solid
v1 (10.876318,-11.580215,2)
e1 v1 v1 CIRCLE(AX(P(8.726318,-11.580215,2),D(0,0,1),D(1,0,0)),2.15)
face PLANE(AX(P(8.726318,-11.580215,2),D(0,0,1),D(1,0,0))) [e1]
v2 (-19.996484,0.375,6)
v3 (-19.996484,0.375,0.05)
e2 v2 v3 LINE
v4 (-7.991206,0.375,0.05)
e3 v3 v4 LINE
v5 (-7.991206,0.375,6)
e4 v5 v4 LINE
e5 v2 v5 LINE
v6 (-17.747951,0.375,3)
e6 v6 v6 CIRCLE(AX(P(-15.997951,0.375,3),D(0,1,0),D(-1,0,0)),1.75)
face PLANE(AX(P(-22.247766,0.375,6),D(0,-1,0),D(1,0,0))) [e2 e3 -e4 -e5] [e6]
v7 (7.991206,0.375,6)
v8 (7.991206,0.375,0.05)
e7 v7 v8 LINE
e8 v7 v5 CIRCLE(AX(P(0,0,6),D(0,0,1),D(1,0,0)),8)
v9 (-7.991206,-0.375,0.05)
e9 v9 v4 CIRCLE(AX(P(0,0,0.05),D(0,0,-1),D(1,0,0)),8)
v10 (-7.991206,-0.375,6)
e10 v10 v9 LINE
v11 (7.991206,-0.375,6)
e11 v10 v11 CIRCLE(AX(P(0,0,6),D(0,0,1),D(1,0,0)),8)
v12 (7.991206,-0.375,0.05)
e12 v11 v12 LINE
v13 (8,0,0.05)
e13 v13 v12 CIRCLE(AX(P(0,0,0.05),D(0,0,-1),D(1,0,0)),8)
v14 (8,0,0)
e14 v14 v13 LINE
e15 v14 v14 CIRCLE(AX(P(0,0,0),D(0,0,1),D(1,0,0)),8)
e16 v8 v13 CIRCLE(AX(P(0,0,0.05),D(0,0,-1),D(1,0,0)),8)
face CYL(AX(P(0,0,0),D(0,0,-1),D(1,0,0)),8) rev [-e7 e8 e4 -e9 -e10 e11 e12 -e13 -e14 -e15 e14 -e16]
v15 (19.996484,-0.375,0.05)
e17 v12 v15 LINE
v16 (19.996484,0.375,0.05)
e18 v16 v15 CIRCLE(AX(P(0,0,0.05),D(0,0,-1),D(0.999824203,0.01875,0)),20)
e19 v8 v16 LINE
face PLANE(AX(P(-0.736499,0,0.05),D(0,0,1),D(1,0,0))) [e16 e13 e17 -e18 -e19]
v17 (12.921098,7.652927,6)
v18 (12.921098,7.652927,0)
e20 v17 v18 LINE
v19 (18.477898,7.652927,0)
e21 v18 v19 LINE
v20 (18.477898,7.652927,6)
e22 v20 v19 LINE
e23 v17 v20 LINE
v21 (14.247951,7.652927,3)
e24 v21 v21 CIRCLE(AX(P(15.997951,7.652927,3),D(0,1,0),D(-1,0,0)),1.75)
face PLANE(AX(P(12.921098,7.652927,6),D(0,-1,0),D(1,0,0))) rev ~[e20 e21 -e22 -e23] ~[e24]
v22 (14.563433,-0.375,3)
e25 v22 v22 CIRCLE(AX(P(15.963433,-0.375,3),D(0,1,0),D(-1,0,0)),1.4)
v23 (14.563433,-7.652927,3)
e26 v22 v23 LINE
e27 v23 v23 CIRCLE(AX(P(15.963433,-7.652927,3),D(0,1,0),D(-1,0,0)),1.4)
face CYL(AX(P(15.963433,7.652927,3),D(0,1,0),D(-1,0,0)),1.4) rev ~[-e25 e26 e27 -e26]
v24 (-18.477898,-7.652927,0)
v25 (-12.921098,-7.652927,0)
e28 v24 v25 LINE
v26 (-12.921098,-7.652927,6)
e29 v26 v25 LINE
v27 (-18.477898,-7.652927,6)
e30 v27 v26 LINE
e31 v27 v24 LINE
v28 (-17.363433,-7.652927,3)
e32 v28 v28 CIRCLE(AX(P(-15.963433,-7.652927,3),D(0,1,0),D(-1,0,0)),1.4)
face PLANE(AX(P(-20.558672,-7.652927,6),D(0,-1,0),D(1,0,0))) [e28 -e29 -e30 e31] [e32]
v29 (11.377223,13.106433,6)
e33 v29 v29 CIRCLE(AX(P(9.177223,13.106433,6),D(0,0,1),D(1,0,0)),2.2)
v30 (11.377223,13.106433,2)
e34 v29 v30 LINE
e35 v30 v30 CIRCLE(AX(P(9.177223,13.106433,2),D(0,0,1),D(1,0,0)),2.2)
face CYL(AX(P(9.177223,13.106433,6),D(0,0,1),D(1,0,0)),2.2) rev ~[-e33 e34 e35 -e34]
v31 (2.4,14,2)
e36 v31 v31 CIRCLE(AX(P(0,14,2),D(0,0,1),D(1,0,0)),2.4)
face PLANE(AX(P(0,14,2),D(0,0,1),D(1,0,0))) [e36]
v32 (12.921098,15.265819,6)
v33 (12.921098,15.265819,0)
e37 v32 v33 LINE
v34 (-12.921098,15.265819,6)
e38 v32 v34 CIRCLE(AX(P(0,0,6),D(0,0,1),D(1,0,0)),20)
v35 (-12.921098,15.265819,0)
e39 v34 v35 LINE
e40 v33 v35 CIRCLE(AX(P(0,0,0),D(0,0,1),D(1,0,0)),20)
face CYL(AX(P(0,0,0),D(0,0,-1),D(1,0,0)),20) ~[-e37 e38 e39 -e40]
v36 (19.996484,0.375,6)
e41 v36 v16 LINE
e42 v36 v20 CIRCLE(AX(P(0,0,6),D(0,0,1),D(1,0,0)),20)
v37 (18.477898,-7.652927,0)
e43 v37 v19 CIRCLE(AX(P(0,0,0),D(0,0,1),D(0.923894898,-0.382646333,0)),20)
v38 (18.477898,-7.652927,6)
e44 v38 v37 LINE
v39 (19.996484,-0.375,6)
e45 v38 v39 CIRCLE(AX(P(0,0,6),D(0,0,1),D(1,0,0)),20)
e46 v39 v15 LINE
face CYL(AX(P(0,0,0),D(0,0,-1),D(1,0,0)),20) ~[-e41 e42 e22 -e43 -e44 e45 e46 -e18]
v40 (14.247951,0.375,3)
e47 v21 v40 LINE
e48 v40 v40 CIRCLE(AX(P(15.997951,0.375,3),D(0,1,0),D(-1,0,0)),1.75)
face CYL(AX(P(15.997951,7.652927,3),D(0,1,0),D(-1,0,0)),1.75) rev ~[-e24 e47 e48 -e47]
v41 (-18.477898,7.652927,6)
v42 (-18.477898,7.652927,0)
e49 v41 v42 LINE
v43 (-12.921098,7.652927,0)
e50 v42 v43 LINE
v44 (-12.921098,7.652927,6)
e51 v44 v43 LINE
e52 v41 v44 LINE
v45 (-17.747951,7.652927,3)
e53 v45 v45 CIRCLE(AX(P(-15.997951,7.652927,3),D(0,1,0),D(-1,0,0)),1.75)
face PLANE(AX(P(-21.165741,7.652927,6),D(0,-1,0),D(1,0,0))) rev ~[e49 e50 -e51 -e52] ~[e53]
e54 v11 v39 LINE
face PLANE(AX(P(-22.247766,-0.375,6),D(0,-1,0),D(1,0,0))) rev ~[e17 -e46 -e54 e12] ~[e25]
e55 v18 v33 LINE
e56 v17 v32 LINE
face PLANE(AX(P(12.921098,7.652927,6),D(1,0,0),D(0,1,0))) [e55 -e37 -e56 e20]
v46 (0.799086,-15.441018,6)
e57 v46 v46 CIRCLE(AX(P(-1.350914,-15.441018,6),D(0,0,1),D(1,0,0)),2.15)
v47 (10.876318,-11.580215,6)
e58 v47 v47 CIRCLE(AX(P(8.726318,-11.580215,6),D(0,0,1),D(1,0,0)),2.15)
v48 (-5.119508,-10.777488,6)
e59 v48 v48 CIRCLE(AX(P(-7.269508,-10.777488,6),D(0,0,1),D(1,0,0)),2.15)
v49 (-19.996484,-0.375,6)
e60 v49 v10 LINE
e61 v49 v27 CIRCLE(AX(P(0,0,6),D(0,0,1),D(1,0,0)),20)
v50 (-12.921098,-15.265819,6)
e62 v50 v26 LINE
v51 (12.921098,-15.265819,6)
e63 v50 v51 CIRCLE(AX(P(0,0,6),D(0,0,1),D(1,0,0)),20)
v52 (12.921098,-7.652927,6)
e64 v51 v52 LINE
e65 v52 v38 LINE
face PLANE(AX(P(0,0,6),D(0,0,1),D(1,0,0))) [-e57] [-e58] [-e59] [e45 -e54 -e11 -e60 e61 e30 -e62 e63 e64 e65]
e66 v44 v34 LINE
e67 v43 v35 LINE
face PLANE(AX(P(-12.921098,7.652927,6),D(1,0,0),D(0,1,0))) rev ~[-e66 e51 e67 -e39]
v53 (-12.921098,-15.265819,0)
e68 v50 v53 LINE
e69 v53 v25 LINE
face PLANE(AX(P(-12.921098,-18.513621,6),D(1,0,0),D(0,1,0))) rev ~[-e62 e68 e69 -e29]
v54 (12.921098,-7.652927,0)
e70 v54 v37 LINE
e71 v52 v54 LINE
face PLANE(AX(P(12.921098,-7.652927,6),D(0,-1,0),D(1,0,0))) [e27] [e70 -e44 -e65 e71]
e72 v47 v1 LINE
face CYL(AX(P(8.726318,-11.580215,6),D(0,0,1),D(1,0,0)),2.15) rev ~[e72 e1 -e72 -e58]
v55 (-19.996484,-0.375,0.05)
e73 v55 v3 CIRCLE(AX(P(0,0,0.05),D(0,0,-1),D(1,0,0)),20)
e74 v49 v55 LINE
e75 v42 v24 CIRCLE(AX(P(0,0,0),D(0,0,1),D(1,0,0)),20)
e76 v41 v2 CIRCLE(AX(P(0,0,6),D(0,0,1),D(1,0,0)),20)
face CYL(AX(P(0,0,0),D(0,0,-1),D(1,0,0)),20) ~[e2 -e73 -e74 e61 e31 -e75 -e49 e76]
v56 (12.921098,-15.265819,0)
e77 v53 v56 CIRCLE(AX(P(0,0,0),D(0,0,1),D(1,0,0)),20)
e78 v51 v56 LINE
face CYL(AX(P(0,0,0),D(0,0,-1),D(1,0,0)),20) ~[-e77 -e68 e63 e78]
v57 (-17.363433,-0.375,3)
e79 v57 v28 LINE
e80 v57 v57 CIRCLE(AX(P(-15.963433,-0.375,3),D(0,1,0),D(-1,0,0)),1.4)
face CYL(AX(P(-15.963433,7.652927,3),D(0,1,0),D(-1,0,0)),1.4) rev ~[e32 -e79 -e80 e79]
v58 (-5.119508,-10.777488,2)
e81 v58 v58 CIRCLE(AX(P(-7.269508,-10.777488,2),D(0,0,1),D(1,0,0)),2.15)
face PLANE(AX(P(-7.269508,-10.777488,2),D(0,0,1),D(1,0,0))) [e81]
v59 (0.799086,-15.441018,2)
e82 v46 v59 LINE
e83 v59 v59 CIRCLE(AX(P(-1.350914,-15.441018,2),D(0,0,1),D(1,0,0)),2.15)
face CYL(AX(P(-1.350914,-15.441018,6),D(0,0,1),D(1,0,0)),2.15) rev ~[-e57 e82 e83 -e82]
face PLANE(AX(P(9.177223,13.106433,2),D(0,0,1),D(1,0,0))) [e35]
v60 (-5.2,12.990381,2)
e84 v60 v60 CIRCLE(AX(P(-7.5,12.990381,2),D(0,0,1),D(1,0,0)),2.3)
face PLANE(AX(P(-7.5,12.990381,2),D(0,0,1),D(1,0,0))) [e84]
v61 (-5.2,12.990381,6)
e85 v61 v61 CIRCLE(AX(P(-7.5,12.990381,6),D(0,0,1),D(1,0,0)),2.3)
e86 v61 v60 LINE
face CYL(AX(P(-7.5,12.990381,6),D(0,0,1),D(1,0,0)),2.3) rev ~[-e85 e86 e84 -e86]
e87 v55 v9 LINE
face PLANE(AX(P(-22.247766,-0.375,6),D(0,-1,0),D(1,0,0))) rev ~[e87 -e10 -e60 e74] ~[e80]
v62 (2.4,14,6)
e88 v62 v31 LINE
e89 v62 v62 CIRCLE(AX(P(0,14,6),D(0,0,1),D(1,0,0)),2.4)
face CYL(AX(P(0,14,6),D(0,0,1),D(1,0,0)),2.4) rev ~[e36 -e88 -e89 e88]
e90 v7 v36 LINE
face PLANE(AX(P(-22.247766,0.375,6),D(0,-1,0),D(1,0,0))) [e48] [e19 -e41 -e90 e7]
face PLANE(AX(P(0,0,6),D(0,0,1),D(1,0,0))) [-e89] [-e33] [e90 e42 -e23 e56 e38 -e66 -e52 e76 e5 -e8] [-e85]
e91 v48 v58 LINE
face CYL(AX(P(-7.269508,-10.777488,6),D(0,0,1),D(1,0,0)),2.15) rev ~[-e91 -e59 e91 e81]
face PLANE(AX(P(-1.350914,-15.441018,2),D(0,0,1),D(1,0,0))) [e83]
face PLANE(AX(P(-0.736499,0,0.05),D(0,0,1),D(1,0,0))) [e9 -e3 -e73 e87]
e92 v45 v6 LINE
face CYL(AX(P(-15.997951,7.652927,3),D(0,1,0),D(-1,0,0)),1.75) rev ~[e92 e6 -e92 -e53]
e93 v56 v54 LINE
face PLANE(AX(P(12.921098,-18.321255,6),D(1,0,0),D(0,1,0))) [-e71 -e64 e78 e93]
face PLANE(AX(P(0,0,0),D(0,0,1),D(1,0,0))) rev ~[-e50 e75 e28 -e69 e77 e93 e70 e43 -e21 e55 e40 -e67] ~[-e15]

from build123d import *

# Parameters (mm, degrees)
SKETCH_R        = 20
SKETCH_R_2      = 8
PAD_DEPTH       = 6
SKETCH001_R     = 2.4
SKETCH001_R_2   = 2.3
SKETCH001_R_3   = 2.2
SKETCH001_R_4   = 2.15
POCKET_DEPTH    = 4
SKETCH003_W     = 43.022533
SKETCH003_H     = 0.75
POCKET001_DEPTH = 5.95
SKETCH007_W     = 7.6375744751
SKETCH007_H     = 10.86069433
SKETCH007_W_2   = 8.2446434751
SKETCH007_H_2   = 12.05515533
SKETCH007_W_3   = 8.5299164751
SKETCH007_H_3   = 10.94123533
SKETCH007_W_4   = 11.8328734751
SKETCH007_H_4   = 10.66832833
POCKET002_DEPTH = 6.001
SKETCH008_R     = 1.4
POCKET003_DEPTH = 27.65392667
SKETCH009_R     = 1.75
POCKET004_DEPTH = 8


with BuildPart() as part:
    # Sketch → Pad (new body)
    with BuildSketch(Plane.XY):
        Circle(SKETCH_R)
        Circle(SKETCH_R_2, mode=Mode.SUBTRACT)
    extrude(amount=PAD_DEPTH)

    # Sketch001 (on Face4 of Pad) → Pocket (cut)
    with BuildSketch(Plane.XY.offset(6)):
        with Locations((0, 14)):
            Circle(SKETCH001_R)
        with Locations((-7.5, 12.9903810568)):
            Circle(SKETCH001_R_2)
        with Locations((9.1772229816, 13.1064327086)):
            Circle(SKETCH001_R_3)
        with Locations((8.7263178357, -11.5802148957)):
            Circle(SKETCH001_R_4)
        with Locations((-1.3509140126, -15.4410178204)):
            Circle(SKETCH001_R_4)
        with Locations((-7.2695077451, -10.7774884432)):
            Circle(SKETCH001_R_4)
    extrude(amount=-POCKET_DEPTH, mode=Mode.SUBTRACT)

    # Sketch003 (on Face3 of Pocket) → Pocket001 (cut)
    with BuildSketch(Plane.XY.offset(6)):
        with Locations((-0.7364995, 0)):
            Rectangle(SKETCH003_W, SKETCH003_H)
    extrude(amount=-POCKET001_DEPTH, mode=Mode.SUBTRACT)

    # Sketch007 (on Face9 of Pocket001) → Pocket002 (cut, through all)
    with BuildSketch(Plane.XY.offset(6)):
        with Locations((-16.7398847624, -13.083273835)):
            Rectangle(SKETCH007_W, SKETCH007_H)
        with Locations((-17.0434192624, 13.680504335)):
            Rectangle(SKETCH007_W_2, SKETCH007_H_2)
        with Locations((17.1860557624, 13.123544335)):
            Rectangle(SKETCH007_W_3, SKETCH007_H_3)
        with Locations((18.8375342624, -12.987090835)):
            Rectangle(SKETCH007_W_4, SKETCH007_H_4)
    extrude(amount=-POCKET002_DEPTH, mode=Mode.SUBTRACT)

    # Sketch008 → Pocket003 (cut, through all)
    with BuildSketch(Plane(origin=(0, 7.65292667, 0), x_dir=(-1, 0, 0), z_dir=(0, 1, 0))):
        with Locations((-15.963433, 3)):
            Circle(SKETCH008_R)
        with Locations((15.963433, 3)):
            Circle(SKETCH008_R)
    extrude(amount=-POCKET003_DEPTH, mode=Mode.SUBTRACT)

    # Sketch009 → Pocket004 (cut)
    with BuildSketch(Plane(origin=(0, 7.65292667, 0), x_dir=(-1, 0, 0), z_dir=(0, 1, 0))):
        with Locations((-15.997951, 3)):
            Circle(SKETCH009_R)
        with Locations((15.997951, 3)):
            Circle(SKETCH009_R)
    extrude(amount=-POCKET004_DEPTH, mode=Mode.SUBTRACT)


solid = part.part
